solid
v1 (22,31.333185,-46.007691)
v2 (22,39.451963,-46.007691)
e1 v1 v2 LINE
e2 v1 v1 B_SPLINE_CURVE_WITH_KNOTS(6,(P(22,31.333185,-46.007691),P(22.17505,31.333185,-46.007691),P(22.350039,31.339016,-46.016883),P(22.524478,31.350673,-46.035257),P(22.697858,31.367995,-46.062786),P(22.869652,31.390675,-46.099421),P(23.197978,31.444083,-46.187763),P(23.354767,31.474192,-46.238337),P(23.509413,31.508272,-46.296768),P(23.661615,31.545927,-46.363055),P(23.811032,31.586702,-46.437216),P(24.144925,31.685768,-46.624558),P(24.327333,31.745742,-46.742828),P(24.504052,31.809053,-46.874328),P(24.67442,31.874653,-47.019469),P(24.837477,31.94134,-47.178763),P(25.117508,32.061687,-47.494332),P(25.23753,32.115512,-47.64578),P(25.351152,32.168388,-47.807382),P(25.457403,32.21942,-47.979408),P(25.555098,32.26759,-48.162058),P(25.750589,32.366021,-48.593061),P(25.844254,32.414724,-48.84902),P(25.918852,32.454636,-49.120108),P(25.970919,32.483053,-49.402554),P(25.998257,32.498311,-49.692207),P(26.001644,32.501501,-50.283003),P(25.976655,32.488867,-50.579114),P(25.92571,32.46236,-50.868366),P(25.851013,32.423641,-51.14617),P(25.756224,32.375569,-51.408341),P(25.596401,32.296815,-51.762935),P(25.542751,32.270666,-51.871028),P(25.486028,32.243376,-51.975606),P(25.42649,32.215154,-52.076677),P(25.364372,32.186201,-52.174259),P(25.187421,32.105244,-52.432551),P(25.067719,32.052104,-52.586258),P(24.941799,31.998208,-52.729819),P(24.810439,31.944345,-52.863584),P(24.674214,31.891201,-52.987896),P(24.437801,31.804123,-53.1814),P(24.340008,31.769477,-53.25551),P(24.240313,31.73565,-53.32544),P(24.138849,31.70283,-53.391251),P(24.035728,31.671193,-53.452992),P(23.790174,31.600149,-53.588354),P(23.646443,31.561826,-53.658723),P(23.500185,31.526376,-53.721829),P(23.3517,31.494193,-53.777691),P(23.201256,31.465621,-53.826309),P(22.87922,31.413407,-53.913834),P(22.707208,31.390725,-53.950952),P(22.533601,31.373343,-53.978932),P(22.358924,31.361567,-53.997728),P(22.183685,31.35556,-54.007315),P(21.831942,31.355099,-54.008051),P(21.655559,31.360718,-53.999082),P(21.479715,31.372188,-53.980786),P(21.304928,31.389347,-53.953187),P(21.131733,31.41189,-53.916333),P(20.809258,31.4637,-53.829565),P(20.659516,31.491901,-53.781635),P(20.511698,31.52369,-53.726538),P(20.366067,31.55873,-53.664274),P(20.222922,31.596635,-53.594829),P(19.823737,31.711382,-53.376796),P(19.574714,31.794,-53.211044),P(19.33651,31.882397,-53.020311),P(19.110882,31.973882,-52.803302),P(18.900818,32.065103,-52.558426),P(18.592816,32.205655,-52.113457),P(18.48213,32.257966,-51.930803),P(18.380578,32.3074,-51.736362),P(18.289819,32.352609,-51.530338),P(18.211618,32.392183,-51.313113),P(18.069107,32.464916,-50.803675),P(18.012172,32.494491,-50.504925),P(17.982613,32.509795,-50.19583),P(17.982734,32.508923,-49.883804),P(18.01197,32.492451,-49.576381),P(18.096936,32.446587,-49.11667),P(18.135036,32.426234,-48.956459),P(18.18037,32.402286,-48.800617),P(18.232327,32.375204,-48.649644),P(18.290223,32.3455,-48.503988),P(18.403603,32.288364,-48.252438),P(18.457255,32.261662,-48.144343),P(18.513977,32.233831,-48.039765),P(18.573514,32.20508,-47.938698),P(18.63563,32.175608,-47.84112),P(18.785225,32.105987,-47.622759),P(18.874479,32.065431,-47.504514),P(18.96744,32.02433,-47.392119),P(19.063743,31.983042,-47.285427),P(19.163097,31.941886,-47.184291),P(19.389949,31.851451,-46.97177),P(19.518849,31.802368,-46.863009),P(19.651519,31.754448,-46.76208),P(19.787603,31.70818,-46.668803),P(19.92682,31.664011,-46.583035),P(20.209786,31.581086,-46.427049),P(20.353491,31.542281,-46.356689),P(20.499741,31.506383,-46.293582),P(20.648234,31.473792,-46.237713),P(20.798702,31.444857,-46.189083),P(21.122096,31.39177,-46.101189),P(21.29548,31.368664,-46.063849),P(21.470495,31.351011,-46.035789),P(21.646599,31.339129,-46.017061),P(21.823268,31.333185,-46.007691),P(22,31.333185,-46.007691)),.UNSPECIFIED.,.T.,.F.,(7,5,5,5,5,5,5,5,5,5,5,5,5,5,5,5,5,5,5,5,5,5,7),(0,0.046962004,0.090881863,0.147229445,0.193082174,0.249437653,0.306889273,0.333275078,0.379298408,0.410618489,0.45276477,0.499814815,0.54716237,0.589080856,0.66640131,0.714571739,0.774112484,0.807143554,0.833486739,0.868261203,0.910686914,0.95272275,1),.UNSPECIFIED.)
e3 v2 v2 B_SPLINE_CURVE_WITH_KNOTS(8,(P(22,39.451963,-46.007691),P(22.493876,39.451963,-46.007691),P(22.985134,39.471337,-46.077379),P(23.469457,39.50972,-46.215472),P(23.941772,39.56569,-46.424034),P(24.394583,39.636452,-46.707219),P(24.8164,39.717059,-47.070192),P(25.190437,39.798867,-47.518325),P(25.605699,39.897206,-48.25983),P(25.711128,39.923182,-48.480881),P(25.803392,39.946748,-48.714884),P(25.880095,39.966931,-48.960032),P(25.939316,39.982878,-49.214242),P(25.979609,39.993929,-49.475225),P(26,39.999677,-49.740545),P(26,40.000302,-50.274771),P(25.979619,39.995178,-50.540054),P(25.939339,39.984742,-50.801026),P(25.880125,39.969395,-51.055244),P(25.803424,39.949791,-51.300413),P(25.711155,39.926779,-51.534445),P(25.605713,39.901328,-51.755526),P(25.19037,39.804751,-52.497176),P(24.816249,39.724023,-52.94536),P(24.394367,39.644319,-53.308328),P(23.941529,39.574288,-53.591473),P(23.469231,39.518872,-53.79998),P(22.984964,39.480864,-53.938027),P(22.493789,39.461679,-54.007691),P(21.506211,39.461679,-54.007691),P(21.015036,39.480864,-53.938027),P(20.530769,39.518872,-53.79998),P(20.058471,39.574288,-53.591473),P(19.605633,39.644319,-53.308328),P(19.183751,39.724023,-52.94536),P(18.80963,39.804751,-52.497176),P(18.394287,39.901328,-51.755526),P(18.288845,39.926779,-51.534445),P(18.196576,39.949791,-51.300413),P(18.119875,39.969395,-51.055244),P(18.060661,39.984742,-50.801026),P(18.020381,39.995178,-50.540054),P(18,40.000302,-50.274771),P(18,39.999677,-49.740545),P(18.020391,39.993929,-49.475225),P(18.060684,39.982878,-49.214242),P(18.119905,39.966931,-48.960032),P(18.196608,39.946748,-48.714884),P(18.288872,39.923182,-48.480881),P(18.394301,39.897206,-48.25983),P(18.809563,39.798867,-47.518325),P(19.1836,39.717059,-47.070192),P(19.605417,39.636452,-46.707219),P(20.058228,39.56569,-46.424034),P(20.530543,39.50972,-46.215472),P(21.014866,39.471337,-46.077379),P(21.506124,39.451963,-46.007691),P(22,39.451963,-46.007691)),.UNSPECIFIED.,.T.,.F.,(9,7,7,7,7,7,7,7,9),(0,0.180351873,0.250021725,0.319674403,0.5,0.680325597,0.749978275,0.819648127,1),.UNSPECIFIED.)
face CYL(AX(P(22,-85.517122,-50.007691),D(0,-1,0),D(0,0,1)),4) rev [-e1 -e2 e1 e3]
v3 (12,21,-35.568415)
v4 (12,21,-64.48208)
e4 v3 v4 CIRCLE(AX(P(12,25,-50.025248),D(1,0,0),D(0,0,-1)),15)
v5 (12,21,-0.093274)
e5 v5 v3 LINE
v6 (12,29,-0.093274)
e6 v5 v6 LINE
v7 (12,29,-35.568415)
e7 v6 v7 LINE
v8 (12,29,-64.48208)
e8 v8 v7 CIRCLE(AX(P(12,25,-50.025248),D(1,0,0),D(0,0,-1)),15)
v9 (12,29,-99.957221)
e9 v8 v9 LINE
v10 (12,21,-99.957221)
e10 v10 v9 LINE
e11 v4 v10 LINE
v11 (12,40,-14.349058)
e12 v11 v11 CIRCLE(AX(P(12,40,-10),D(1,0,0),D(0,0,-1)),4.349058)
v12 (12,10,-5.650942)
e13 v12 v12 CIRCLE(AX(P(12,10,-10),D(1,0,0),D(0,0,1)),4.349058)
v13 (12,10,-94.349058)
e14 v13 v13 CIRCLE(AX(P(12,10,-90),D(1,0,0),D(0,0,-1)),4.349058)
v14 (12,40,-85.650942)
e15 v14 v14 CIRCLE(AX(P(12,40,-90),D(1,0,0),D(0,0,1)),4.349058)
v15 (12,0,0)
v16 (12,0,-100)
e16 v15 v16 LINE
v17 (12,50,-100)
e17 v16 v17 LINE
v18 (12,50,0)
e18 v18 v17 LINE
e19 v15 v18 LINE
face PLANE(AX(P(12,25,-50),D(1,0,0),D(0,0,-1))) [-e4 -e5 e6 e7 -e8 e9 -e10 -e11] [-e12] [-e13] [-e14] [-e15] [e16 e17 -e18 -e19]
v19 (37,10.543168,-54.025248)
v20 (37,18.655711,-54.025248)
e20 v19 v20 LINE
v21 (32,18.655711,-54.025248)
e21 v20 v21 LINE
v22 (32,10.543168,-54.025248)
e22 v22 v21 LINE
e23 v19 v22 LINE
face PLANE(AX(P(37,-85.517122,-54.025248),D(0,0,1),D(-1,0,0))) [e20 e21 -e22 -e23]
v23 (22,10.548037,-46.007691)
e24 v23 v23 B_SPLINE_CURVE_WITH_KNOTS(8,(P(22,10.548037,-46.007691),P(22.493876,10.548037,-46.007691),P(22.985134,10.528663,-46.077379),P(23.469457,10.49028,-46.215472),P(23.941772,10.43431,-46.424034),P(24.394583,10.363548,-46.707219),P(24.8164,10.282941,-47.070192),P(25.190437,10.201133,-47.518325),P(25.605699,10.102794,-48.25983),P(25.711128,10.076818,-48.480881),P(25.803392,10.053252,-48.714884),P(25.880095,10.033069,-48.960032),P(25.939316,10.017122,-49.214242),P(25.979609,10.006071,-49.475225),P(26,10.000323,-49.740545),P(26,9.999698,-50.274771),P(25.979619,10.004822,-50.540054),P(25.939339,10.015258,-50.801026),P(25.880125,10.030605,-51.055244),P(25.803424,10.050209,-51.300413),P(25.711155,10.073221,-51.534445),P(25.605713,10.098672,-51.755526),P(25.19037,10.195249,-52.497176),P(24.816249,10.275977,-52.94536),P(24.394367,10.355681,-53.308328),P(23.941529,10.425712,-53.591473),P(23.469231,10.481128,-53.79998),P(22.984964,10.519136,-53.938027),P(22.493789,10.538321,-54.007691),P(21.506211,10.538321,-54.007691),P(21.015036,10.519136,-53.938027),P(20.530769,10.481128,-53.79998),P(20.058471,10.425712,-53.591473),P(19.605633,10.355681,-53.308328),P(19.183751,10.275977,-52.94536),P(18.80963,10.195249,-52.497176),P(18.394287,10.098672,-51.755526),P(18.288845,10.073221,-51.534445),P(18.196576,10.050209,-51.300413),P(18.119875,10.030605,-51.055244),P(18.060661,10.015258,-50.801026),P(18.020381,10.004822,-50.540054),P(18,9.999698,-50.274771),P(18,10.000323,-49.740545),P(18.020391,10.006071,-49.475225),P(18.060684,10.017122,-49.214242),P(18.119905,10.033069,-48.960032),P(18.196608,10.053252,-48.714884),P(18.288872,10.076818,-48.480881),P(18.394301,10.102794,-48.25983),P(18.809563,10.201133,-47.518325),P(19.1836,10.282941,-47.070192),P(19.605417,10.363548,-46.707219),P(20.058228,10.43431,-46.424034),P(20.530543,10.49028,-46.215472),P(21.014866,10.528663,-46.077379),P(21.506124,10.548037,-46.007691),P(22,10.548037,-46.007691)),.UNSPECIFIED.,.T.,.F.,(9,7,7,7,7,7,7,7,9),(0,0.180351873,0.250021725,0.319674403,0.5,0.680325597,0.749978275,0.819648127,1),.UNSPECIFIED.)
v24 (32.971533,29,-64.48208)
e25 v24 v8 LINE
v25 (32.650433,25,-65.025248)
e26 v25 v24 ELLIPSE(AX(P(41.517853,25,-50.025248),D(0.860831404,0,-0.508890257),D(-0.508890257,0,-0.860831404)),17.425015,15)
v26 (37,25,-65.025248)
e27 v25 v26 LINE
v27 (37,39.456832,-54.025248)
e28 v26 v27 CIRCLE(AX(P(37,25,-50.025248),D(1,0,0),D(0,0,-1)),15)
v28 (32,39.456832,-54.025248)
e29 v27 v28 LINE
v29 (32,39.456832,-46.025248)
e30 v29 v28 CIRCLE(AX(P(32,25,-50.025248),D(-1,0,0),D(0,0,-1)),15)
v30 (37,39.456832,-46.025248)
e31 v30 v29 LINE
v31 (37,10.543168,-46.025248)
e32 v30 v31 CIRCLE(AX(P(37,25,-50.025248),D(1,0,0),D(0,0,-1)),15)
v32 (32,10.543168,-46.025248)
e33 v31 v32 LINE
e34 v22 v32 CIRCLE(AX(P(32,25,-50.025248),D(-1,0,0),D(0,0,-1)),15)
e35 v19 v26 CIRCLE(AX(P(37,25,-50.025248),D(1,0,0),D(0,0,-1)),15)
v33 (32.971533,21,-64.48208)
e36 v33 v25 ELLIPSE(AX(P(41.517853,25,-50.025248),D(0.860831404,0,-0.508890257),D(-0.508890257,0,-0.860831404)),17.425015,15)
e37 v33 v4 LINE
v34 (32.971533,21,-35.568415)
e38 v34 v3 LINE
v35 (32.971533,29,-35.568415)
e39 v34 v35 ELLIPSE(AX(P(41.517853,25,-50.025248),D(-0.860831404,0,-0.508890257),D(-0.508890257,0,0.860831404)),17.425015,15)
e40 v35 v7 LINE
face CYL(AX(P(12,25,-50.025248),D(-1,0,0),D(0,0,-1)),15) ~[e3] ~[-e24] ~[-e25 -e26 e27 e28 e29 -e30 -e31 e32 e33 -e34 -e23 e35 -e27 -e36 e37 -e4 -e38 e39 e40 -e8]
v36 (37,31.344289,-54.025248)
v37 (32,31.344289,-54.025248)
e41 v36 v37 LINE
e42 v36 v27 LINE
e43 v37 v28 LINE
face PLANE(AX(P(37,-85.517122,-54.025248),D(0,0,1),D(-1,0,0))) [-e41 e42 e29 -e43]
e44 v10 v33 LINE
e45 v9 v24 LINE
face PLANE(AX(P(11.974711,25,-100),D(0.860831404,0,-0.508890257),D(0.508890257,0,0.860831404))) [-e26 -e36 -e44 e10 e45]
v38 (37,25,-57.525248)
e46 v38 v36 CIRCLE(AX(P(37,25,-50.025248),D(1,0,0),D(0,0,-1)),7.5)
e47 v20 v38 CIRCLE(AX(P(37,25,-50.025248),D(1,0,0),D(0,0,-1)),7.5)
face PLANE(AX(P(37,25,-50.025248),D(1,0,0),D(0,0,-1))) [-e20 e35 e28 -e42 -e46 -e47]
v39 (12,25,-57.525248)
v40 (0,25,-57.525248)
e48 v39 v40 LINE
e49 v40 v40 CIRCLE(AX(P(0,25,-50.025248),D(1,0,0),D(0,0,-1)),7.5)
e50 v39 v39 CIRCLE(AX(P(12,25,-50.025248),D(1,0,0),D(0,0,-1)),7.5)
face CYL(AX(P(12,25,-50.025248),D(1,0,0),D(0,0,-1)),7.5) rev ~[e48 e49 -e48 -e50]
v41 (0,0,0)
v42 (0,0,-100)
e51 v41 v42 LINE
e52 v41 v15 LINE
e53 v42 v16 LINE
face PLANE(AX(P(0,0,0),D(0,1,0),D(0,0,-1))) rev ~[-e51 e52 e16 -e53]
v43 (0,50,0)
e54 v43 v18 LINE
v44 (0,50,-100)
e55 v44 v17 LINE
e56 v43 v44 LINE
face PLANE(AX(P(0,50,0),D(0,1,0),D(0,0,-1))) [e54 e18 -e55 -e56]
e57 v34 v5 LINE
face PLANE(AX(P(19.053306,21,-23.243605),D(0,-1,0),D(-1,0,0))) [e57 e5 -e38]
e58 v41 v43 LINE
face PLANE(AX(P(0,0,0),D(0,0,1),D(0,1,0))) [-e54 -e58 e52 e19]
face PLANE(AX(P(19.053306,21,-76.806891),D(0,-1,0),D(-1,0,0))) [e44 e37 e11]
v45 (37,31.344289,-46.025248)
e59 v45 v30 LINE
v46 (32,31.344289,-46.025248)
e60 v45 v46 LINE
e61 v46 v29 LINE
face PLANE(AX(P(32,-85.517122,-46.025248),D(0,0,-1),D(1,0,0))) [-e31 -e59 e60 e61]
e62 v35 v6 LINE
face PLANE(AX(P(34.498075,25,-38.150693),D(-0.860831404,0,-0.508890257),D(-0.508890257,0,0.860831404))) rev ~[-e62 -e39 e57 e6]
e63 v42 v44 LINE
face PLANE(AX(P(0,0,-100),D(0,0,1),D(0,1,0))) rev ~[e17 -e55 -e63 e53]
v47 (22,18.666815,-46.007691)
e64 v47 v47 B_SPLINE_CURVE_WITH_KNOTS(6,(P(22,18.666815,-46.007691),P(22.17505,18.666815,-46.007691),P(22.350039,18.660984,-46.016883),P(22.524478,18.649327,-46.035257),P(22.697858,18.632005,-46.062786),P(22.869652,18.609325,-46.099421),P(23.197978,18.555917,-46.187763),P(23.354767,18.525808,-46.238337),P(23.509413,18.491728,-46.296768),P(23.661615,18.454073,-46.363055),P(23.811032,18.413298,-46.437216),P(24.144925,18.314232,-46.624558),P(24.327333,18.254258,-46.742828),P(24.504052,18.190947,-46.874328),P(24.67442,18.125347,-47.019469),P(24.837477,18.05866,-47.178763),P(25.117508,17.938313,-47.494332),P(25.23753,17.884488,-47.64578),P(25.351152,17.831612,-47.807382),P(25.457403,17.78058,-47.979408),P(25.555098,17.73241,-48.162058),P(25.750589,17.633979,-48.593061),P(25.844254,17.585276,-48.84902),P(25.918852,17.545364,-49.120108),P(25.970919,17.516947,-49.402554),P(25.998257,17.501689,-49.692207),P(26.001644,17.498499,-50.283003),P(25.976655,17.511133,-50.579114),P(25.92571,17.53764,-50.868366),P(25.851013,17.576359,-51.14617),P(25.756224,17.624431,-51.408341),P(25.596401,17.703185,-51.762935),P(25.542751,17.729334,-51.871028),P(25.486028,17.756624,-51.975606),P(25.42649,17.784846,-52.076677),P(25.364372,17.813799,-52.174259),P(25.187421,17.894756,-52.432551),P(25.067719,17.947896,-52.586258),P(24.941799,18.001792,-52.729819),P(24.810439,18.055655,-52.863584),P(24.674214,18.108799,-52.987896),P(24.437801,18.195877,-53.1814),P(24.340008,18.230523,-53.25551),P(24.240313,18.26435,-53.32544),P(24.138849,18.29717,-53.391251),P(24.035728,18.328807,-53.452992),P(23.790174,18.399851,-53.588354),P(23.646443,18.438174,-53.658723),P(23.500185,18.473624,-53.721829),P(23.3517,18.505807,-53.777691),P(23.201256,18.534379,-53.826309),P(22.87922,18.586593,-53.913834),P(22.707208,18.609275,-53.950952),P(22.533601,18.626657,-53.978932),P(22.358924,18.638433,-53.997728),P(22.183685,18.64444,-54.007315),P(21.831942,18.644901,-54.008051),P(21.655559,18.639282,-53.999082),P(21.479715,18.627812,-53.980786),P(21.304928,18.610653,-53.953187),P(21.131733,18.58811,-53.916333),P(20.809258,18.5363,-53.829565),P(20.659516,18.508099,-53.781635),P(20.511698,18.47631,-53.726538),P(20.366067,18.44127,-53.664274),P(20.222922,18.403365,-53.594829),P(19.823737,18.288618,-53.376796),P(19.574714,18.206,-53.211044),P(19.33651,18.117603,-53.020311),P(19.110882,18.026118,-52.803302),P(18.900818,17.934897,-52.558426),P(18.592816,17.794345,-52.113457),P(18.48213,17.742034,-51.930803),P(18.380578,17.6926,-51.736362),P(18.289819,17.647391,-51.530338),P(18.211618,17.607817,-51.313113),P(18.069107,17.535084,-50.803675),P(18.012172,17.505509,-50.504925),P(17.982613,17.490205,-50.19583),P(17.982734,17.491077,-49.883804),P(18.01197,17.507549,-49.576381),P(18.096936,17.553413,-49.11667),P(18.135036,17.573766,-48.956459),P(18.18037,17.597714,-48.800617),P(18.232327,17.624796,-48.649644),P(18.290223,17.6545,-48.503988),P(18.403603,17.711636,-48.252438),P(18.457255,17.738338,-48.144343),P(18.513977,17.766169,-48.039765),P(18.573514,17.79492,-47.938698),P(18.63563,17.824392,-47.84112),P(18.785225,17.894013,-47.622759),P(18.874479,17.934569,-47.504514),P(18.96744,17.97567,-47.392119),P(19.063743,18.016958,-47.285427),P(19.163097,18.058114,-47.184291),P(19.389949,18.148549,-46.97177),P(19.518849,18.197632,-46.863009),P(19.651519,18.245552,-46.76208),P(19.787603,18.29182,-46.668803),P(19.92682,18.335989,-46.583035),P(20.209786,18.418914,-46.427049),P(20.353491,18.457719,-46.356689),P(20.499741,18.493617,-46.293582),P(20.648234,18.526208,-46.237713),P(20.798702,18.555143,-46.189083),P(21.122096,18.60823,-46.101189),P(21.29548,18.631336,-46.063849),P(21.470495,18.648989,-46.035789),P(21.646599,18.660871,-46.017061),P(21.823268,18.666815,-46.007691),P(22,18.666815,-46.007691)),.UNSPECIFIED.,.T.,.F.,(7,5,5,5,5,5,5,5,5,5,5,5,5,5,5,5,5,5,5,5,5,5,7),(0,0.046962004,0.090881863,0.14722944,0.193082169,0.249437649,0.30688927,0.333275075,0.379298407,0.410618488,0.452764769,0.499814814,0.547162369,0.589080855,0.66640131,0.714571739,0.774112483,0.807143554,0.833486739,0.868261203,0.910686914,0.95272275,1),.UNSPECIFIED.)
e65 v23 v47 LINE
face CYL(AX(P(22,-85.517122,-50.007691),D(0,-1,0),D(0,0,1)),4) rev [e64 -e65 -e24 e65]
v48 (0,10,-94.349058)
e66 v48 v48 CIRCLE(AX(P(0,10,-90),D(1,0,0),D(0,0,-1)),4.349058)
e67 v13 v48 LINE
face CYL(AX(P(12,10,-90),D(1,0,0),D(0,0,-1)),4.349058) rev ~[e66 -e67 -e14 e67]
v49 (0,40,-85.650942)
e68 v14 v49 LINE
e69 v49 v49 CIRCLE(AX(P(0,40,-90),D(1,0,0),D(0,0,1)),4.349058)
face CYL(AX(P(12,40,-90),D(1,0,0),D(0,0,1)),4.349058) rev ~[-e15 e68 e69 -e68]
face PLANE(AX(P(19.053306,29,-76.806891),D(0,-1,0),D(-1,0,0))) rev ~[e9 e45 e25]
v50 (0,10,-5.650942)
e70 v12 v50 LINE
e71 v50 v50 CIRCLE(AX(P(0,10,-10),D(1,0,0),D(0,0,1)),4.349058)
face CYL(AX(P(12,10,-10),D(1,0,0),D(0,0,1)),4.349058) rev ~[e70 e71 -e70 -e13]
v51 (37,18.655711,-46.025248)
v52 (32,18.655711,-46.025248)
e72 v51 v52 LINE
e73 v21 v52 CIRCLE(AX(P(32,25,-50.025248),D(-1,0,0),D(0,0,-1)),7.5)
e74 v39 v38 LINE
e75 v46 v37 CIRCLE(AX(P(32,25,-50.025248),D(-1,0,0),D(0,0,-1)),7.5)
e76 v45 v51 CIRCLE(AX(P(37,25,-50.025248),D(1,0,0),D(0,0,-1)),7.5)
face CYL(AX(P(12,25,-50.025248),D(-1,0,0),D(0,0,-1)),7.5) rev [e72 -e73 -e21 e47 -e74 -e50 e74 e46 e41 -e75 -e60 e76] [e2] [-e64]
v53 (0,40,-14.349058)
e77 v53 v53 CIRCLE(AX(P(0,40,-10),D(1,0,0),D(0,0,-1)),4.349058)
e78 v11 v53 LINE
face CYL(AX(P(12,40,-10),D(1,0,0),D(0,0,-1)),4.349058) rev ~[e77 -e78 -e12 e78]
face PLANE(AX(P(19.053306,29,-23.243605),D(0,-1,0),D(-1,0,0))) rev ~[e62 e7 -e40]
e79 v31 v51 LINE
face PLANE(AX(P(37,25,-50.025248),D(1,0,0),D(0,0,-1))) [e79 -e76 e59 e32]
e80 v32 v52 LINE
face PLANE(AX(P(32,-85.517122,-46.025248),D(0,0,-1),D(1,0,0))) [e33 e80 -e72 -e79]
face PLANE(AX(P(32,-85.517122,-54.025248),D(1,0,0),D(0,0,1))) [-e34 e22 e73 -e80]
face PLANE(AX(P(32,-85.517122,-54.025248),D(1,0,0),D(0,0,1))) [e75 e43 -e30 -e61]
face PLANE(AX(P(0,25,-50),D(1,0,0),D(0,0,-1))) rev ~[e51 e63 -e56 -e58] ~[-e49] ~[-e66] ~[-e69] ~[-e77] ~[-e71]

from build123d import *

# Parameters (mm, degrees)
SKETCH_1_W               = 100
SKETCH_1_H               = 50
EXTRUDE_1_DEPTH          = 12
SKETCH_2_R               = 15
SKETCH_2_R_2             = 7.5
EXTRUDE_3_DEPTH          = 25
EXTRUDE_20_DEPTH         = 4
SKETCH_7_R               = 7.5
CUT_EXTRUDE_2_DEPTH      = 115.564392374
CUT_EXTRUDE_4_DEPTH      = 110.517121949
CUT_EXTRUDE_4_DEPTH_BACK = 110.517121949
CUT_EXTRUDE_5_DEPTH      = 110.517121949
CUT_EXTRUDE_5_DEPTH_BACK = 110.517121949
SKETCH_9_R               = 4
SKETCH_10_R              = 4.349058231
CUT_EXTRUDE_6_DEPTH      = 115.564392396


with BuildPart() as part:
    # 草图1 → 凸台-拉伸1 (new body)
    with BuildSketch(Plane(origin=(0, 0, 0), x_dir=(0, 0, -1), z_dir=(1, 0, 0))):
        with Locations((50, 25)):
            Rectangle(SKETCH_1_W, SKETCH_1_H)
    extrude(amount=EXTRUDE_1_DEPTH)

    # 草图2 → 凸台-拉伸3 (add)
    with BuildSketch(Plane(origin=(12, 0, 0), x_dir=(0, 0, -1), z_dir=(1, 0, 0))):
        with Locations((50.025247728, 25)):
            Circle(SKETCH_2_R)
        with Locations((50.025247728, 25)):
            Circle(SKETCH_2_R_2, mode=Mode.SUBTRACT)
    extrude(amount=EXTRUDE_3_DEPTH)

    # 草图6 → 凸台-拉伸20 (add, symmetric)
    with BuildSketch(Plane(origin=(0, 25, 0), x_dir=(1, 0, 0), z_dir=(0, 1, 0))):
        Polygon((11.607924721, 61.899802302), (11.974710876, 100), (34.498075292, 61.899802302), align=None)
        Polygon((11.607924721, 38.150693154), (34.498075292, 38.150693154), (11.974710876, 0.050495456), align=None)
    extrude(amount=EXTRUDE_20_DEPTH, both=True)

    # 草图7 → 切除-拉伸2 (cut, through all)
    with BuildSketch(Plane(origin=(12, 0, 0), x_dir=(0, 0, -1), z_dir=(1, 0, 0))):
        with Locations((50.025247728, 25)):
            Circle(SKETCH_7_R)
    extrude(amount=-CUT_EXTRUDE_2_DEPTH, mode=Mode.SUBTRACT)

    # 草图8 → 切除-拉伸4 (cut, two sides: drawn at the far end of the back side and taken through both)
    with BuildSketch(Plane(origin=(0, 25, 0), x_dir=(1, 0, 0), z_dir=(0, 1, 0)).offset(-CUT_EXTRUDE_4_DEPTH_BACK)):
        Polygon((37, 54.025247728), (32, 54.025247728), (32, 46.025247728), (37, 46.025247728), (37, 50.025247728), align=None)
    extrude(amount=CUT_EXTRUDE_4_DEPTH + CUT_EXTRUDE_4_DEPTH_BACK, mode=Mode.SUBTRACT)

    # 草图9 → 切除-拉伸5 (cut, two sides: drawn at the far end of the back side and taken through both)
    with BuildSketch(Plane(origin=(0, 25, 0), x_dir=(1, 0, 0), z_dir=(0, 1, 0)).offset(-CUT_EXTRUDE_5_DEPTH_BACK)):
        with Locations(Location((22, 50.007690545, 0), (0, 0, 270))):
            Circle(SKETCH_9_R)
    extrude(amount=CUT_EXTRUDE_5_DEPTH + CUT_EXTRUDE_5_DEPTH_BACK, mode=Mode.SUBTRACT)

    # 草图10 → 切除-拉伸6 (cut, through all)
    with BuildSketch(Plane(origin=(12, 0, 0), x_dir=(0, 0, -1), z_dir=(1, 0, 0))):
        with Locations((10, 40)):
            Circle(SKETCH_10_R)
        with Locations(Location((10, 10, 0), (0, 0, 180))):
            Circle(SKETCH_10_R)
        with Locations((90, 10)):
            Circle(SKETCH_10_R)
        with Locations(Location((90, 40, 0), (0, 0, 180))):
            Circle(SKETCH_10_R)
    extrude(amount=-CUT_EXTRUDE_6_DEPTH, mode=Mode.SUBTRACT)


solid = part.part
